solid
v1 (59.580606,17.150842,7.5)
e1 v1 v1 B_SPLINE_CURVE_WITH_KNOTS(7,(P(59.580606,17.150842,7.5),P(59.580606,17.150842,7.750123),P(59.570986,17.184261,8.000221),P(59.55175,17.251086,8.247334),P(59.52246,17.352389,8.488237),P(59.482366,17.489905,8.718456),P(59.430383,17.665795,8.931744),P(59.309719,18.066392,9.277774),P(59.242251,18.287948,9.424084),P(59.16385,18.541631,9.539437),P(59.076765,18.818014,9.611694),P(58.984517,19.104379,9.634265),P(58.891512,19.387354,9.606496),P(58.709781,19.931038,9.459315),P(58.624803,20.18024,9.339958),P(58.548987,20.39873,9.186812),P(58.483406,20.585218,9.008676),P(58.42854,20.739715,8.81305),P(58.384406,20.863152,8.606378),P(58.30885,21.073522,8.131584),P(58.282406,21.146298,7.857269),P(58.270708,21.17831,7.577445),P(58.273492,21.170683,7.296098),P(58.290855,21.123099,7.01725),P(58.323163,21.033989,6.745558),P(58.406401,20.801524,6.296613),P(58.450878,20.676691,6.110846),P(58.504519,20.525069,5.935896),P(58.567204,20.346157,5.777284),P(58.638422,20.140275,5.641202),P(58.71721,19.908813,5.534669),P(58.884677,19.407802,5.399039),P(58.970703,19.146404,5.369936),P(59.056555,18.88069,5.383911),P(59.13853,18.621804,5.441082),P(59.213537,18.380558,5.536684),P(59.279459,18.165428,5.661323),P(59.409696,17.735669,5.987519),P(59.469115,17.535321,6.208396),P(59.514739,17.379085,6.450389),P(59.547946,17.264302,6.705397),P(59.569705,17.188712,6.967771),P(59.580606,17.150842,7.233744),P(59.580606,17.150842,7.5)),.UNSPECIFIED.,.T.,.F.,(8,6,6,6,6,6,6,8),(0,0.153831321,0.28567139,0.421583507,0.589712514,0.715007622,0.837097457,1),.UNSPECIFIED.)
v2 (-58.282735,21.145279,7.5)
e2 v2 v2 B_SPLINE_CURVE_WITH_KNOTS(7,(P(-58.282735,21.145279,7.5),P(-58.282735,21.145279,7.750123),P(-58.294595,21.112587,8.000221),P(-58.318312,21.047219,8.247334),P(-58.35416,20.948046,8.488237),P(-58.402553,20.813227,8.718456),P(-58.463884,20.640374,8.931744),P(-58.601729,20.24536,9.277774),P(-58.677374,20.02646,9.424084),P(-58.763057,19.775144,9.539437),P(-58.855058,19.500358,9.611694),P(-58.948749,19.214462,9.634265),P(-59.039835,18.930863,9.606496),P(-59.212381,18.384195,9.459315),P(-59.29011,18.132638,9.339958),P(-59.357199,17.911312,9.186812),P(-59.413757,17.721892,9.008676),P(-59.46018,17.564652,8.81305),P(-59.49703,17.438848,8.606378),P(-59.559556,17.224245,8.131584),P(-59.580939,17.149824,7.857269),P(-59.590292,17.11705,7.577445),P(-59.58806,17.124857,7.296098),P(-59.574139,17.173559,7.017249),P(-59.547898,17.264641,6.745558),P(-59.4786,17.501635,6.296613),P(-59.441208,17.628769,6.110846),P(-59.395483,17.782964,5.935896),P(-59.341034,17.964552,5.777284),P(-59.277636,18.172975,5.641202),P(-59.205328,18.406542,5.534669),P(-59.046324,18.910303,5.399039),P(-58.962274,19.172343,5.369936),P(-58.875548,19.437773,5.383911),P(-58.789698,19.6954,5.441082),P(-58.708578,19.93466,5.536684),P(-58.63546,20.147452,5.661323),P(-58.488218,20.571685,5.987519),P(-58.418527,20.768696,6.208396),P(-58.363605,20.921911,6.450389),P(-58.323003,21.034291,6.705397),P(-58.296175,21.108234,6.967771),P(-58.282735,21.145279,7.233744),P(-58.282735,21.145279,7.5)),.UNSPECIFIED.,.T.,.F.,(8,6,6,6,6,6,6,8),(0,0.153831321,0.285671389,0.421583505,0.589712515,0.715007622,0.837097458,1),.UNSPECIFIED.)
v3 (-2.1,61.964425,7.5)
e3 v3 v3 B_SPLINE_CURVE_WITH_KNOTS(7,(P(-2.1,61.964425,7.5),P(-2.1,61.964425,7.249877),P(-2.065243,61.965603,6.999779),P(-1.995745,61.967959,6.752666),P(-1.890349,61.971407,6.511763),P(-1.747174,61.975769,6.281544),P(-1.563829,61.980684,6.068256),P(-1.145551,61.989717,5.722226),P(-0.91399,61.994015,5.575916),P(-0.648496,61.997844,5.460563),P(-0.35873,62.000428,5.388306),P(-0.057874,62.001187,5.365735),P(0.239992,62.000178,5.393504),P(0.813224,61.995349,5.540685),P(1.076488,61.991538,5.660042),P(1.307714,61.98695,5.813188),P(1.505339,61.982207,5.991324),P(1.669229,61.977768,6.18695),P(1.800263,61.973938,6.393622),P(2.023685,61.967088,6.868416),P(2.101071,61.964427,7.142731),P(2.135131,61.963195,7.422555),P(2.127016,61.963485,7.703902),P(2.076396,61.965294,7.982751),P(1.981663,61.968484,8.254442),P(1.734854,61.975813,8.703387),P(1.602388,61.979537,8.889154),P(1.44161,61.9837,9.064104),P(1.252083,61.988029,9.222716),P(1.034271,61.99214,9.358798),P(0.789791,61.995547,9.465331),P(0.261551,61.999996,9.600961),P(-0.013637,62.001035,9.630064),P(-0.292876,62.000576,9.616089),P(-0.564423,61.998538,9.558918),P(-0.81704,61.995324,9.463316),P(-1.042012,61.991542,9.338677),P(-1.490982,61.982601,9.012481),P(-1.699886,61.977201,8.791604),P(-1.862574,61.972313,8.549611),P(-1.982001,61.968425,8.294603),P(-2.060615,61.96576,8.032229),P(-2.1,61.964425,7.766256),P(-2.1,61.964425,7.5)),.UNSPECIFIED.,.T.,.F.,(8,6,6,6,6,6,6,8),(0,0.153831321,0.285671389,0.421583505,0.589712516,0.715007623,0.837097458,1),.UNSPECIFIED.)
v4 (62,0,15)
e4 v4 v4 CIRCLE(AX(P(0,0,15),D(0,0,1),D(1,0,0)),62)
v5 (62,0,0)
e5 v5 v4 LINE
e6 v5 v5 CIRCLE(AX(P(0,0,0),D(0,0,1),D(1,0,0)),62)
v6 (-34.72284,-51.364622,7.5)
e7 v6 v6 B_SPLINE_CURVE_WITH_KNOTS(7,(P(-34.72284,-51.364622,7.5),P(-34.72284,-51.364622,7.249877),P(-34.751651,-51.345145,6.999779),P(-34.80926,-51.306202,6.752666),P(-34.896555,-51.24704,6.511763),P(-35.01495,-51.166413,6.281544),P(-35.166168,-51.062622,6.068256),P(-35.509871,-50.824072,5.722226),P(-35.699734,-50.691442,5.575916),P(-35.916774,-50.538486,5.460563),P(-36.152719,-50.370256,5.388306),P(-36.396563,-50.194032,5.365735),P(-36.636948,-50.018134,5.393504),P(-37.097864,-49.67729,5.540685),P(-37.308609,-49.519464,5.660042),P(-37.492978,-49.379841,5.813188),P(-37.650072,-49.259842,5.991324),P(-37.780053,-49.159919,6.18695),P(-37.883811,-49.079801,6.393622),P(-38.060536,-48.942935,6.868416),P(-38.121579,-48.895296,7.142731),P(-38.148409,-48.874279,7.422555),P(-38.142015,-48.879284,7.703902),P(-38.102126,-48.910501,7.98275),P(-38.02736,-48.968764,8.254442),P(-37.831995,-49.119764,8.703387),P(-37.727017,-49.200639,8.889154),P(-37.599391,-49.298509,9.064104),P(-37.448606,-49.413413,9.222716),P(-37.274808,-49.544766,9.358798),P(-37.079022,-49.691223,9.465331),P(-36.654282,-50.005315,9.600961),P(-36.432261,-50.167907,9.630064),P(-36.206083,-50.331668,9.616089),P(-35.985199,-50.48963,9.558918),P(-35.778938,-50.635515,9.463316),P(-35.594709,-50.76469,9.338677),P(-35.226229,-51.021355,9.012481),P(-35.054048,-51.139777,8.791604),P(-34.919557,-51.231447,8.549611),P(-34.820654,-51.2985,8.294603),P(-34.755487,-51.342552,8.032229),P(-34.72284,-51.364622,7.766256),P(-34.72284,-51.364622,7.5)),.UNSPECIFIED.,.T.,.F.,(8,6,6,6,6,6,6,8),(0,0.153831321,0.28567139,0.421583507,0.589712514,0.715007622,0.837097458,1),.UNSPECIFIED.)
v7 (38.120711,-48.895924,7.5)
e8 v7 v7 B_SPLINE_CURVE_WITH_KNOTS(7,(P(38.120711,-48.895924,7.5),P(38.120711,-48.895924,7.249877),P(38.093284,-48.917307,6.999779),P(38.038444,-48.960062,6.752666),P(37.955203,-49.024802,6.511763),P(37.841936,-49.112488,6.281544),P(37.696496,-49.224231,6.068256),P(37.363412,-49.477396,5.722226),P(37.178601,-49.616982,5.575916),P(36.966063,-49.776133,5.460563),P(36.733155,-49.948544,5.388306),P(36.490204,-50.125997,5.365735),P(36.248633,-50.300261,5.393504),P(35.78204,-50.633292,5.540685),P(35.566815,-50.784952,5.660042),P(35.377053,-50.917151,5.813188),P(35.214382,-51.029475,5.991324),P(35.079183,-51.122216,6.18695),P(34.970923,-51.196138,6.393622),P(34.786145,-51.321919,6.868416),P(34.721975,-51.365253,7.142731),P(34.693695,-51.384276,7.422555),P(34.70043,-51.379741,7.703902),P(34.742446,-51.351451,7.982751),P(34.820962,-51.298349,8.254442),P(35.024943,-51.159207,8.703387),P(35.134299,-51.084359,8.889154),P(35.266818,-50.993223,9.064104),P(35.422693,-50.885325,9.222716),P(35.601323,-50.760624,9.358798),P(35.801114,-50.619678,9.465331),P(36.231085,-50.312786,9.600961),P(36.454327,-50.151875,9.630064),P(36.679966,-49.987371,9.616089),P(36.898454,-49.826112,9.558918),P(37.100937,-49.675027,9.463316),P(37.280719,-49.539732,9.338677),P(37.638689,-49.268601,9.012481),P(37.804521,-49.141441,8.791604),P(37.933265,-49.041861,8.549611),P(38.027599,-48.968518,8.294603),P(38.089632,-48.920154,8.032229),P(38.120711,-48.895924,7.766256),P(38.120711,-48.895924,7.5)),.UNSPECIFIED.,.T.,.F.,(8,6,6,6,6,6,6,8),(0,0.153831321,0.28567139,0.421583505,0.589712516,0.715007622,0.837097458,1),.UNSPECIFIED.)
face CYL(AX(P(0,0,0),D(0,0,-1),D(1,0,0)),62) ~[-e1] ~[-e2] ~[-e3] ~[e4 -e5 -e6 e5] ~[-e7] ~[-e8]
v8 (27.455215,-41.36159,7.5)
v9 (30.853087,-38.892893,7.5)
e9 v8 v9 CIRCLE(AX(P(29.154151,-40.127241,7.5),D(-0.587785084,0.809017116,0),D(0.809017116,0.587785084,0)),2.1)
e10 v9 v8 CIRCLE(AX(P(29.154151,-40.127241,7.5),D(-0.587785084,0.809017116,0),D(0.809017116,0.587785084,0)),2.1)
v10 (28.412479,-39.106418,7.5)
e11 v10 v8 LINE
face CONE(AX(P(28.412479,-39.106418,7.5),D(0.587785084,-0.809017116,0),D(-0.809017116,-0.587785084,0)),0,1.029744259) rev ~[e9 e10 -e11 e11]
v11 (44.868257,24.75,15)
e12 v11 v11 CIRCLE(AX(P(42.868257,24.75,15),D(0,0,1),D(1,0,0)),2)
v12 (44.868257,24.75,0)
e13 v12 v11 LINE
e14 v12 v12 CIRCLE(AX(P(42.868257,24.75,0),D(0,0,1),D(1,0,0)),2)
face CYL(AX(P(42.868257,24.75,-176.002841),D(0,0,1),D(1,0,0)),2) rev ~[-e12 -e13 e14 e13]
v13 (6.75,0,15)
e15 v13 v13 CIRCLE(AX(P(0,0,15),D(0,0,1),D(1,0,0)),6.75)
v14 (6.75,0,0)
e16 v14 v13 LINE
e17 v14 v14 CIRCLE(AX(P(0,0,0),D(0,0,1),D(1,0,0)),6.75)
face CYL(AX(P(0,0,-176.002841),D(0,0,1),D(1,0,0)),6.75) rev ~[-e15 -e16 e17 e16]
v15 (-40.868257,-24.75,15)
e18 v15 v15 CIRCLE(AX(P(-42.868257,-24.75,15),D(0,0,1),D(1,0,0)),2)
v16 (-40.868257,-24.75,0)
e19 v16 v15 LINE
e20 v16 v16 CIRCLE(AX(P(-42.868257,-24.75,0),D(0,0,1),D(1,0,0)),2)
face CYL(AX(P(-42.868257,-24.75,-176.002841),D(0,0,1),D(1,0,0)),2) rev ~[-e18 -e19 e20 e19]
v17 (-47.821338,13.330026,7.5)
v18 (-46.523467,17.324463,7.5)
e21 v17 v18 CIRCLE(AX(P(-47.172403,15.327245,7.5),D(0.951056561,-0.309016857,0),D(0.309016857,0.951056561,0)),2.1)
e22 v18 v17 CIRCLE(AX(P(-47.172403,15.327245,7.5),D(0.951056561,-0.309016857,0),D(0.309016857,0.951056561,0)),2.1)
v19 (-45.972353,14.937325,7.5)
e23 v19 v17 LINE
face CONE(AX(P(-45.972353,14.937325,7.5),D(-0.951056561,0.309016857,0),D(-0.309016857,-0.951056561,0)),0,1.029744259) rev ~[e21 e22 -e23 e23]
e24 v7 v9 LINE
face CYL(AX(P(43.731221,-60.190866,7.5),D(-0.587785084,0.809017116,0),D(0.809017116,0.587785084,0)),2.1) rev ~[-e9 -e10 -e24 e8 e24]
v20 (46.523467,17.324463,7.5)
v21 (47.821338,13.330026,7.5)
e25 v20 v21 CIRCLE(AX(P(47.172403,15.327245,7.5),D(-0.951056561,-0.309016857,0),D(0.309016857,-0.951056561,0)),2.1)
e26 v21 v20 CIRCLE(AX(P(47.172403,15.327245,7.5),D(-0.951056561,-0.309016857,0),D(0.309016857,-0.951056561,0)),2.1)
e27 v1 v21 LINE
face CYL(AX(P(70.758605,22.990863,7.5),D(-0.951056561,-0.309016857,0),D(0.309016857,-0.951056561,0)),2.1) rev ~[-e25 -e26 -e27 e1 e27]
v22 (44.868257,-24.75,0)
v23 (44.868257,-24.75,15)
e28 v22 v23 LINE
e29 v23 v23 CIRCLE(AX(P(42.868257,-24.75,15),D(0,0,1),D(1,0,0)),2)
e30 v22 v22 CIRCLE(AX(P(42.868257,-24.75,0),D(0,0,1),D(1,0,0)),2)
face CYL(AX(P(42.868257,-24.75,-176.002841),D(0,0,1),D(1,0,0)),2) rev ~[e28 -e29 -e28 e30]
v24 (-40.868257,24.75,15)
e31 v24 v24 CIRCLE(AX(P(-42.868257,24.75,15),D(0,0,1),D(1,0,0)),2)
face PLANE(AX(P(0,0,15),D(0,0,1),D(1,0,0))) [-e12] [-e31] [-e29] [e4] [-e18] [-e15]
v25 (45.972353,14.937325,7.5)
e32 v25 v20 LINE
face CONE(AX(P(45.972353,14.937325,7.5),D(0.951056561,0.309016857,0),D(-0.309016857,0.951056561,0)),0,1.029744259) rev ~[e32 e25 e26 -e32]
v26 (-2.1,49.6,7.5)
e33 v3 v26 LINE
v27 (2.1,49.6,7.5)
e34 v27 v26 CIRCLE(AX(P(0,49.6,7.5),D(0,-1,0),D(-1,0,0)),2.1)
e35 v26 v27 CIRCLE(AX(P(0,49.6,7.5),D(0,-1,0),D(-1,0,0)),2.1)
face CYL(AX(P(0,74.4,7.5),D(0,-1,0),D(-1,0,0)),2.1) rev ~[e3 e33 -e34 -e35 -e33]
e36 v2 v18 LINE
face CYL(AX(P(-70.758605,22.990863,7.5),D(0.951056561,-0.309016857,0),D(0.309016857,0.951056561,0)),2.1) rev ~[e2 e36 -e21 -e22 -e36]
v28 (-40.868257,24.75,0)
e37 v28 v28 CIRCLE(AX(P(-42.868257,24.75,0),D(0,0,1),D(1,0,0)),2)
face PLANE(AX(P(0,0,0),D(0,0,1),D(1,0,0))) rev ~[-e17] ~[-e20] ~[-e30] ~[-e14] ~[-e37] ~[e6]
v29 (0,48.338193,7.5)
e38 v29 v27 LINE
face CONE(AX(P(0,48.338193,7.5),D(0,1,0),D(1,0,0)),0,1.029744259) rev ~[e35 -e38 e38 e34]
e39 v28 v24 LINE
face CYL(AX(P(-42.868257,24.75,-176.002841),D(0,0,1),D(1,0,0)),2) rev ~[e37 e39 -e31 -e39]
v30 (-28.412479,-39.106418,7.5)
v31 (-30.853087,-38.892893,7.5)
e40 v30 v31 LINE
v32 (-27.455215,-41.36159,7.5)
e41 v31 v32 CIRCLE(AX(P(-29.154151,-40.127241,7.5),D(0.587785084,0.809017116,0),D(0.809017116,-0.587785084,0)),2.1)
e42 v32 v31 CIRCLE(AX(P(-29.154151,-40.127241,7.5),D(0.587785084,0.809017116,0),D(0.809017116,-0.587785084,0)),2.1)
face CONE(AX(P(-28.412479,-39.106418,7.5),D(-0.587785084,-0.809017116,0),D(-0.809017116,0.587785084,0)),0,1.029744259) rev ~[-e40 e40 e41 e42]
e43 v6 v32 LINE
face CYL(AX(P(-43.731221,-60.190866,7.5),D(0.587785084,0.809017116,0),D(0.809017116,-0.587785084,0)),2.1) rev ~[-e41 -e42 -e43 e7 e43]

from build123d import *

# Parameters (mm, degrees)
SKETCH1_R                       = 62
BOSS_EXTRUDE1_DEPTH             = 15
F_4_0_4_DIAMETER_HOLE1_D        = 4
M12_CLEARANCE_HOLE1_D           = 13.5
M5_TAPPED_HOLE1_D               = 4.2
M5_TAPPED_HOLE1_DEPTH           = 12.4
M5_TAPPED_HOLE1_TIP             = 1.2618073
M5_TAPPED_HOLE1_ON_FACE_2_D     = 4.2
M5_TAPPED_HOLE1_ON_FACE_2_DEPTH = 12.4
M5_TAPPED_HOLE1_ON_FACE_2_TIP   = 1.2618073
M5_TAPPED_HOLE1_ON_FACE_3_D     = 4.2
M5_TAPPED_HOLE1_ON_FACE_3_DEPTH = 12.4
M5_TAPPED_HOLE1_ON_FACE_3_TIP   = 1.2618073
M5_TAPPED_HOLE1_ON_FACE_4_D     = 4.2
M5_TAPPED_HOLE1_ON_FACE_4_DEPTH = 12.4
M5_TAPPED_HOLE1_ON_FACE_4_TIP   = 1.2618073
M5_TAPPED_HOLE1_ON_FACE_5_D     = 4.2
M5_TAPPED_HOLE1_ON_FACE_5_DEPTH = 12.4
M5_TAPPED_HOLE1_ON_FACE_5_TIP   = 1.2618073


with BuildPart() as part:
    # Sketch1 → Boss-Extrude1 (new body)
    with BuildSketch(Plane.XY):
        Circle(SKETCH1_R)
    extrude(amount=BOSS_EXTRUDE1_DEPTH)

    # Ø4.0 (4) Diameter Hole1 (through all)
    with Locations(Plane(origin=(0, 0, 0), x_dir=(-1, 0, 0), z_dir=(0, 0, -1))):
        with Locations((-42.868257487, 24.75), (-42.868257487, -24.75), (42.868257487, -24.75), (42.868257487, 24.75)):
            Hole(F_4_0_4_DIAMETER_HOLE1_D / 2)

    # M12 Clearance Hole1 (through all)
    with Locations(Plane(origin=(0, 0, 0), x_dir=(-1, 0, 0), z_dir=(0, 0, -1))):
        with Locations((0, 0)):
            Hole(M12_CLEARANCE_HOLE1_D / 2)

    # M5 Tapped Hole1
    with Locations(Plane(origin=(0, 62, 7.5), x_dir=(1, 0, 0), z_dir=(0, 1, 0))):
        with Locations((0, 0)):
            Hole(M5_TAPPED_HOLE1_D / 2, depth=M5_TAPPED_HOLE1_DEPTH)
            with Locations((0, 0, -(M5_TAPPED_HOLE1_DEPTH + M5_TAPPED_HOLE1_TIP / 2))):  # 118° drill point
                Cone(0, M5_TAPPED_HOLE1_D / 2, M5_TAPPED_HOLE1_TIP, mode=Mode.SUBTRACT)

    # M5 Tapped Hole1 on face 2
    with Locations(Plane(origin=(58.96550401, 19.159053651, 7.5), x_dir=(-0.309016857306, 0.951056560832, 0), z_dir=(0.951056560832, 0.309016857306, 0))):
        with Locations((0, 0)):
            Hole(M5_TAPPED_HOLE1_ON_FACE_2_D / 2, depth=M5_TAPPED_HOLE1_ON_FACE_2_DEPTH)
            with Locations((0, 0, -(M5_TAPPED_HOLE1_ON_FACE_2_DEPTH + M5_TAPPED_HOLE1_ON_FACE_2_TIP / 2))):  # 118° drill point
                Cone(0, M5_TAPPED_HOLE1_ON_FACE_2_D / 2, M5_TAPPED_HOLE1_ON_FACE_2_TIP, mode=Mode.SUBTRACT)

    # M5 Tapped Hole1 on face 3
    with Locations(Plane(origin=(36.442685642, -50.159053651, 7.5), x_dir=(-0.809017116291, -0.58778508449, 0), z_dir=(0.58778508449, -0.809017116291, 0))):
        with Locations((0, 0)):
            Hole(M5_TAPPED_HOLE1_ON_FACE_3_D / 2, depth=M5_TAPPED_HOLE1_ON_FACE_3_DEPTH)
            with Locations((0, 0, -(M5_TAPPED_HOLE1_ON_FACE_3_DEPTH + M5_TAPPED_HOLE1_ON_FACE_3_TIP / 2))):  # 118° drill point
                Cone(0, M5_TAPPED_HOLE1_ON_FACE_3_D / 2, M5_TAPPED_HOLE1_ON_FACE_3_TIP, mode=Mode.SUBTRACT)

    # M5 Tapped Hole1 on face 4
    with Locations(Plane(origin=(-36.442685642, -50.159053651, 7.5), x_dir=(-0.809017116291, 0.58778508449, 0), z_dir=(-0.58778508449, -0.809017116291, 0))):
        with Locations((0, 0)):
            Hole(M5_TAPPED_HOLE1_ON_FACE_4_D / 2, depth=M5_TAPPED_HOLE1_ON_FACE_4_DEPTH)
            with Locations((0, 0, -(M5_TAPPED_HOLE1_ON_FACE_4_DEPTH + M5_TAPPED_HOLE1_ON_FACE_4_TIP / 2))):  # 118° drill point
                Cone(0, M5_TAPPED_HOLE1_ON_FACE_4_D / 2, M5_TAPPED_HOLE1_ON_FACE_4_TIP, mode=Mode.SUBTRACT)

    # M5 Tapped Hole1 on face 5
    with Locations(Plane(origin=(-58.96550401, 19.159053651, 7.5), x_dir=(-0.309016857306, -0.951056560832, 0), z_dir=(-0.951056560832, 0.309016857306, 0))):
        with Locations((0, 0)):
            Hole(M5_TAPPED_HOLE1_ON_FACE_5_D / 2, depth=M5_TAPPED_HOLE1_ON_FACE_5_DEPTH)
            with Locations((0, 0, -(M5_TAPPED_HOLE1_ON_FACE_5_DEPTH + M5_TAPPED_HOLE1_ON_FACE_5_TIP / 2))):  # 118° drill point
                Cone(0, M5_TAPPED_HOLE1_ON_FACE_5_D / 2, M5_TAPPED_HOLE1_ON_FACE_5_TIP, mode=Mode.SUBTRACT)


solid = part.part
